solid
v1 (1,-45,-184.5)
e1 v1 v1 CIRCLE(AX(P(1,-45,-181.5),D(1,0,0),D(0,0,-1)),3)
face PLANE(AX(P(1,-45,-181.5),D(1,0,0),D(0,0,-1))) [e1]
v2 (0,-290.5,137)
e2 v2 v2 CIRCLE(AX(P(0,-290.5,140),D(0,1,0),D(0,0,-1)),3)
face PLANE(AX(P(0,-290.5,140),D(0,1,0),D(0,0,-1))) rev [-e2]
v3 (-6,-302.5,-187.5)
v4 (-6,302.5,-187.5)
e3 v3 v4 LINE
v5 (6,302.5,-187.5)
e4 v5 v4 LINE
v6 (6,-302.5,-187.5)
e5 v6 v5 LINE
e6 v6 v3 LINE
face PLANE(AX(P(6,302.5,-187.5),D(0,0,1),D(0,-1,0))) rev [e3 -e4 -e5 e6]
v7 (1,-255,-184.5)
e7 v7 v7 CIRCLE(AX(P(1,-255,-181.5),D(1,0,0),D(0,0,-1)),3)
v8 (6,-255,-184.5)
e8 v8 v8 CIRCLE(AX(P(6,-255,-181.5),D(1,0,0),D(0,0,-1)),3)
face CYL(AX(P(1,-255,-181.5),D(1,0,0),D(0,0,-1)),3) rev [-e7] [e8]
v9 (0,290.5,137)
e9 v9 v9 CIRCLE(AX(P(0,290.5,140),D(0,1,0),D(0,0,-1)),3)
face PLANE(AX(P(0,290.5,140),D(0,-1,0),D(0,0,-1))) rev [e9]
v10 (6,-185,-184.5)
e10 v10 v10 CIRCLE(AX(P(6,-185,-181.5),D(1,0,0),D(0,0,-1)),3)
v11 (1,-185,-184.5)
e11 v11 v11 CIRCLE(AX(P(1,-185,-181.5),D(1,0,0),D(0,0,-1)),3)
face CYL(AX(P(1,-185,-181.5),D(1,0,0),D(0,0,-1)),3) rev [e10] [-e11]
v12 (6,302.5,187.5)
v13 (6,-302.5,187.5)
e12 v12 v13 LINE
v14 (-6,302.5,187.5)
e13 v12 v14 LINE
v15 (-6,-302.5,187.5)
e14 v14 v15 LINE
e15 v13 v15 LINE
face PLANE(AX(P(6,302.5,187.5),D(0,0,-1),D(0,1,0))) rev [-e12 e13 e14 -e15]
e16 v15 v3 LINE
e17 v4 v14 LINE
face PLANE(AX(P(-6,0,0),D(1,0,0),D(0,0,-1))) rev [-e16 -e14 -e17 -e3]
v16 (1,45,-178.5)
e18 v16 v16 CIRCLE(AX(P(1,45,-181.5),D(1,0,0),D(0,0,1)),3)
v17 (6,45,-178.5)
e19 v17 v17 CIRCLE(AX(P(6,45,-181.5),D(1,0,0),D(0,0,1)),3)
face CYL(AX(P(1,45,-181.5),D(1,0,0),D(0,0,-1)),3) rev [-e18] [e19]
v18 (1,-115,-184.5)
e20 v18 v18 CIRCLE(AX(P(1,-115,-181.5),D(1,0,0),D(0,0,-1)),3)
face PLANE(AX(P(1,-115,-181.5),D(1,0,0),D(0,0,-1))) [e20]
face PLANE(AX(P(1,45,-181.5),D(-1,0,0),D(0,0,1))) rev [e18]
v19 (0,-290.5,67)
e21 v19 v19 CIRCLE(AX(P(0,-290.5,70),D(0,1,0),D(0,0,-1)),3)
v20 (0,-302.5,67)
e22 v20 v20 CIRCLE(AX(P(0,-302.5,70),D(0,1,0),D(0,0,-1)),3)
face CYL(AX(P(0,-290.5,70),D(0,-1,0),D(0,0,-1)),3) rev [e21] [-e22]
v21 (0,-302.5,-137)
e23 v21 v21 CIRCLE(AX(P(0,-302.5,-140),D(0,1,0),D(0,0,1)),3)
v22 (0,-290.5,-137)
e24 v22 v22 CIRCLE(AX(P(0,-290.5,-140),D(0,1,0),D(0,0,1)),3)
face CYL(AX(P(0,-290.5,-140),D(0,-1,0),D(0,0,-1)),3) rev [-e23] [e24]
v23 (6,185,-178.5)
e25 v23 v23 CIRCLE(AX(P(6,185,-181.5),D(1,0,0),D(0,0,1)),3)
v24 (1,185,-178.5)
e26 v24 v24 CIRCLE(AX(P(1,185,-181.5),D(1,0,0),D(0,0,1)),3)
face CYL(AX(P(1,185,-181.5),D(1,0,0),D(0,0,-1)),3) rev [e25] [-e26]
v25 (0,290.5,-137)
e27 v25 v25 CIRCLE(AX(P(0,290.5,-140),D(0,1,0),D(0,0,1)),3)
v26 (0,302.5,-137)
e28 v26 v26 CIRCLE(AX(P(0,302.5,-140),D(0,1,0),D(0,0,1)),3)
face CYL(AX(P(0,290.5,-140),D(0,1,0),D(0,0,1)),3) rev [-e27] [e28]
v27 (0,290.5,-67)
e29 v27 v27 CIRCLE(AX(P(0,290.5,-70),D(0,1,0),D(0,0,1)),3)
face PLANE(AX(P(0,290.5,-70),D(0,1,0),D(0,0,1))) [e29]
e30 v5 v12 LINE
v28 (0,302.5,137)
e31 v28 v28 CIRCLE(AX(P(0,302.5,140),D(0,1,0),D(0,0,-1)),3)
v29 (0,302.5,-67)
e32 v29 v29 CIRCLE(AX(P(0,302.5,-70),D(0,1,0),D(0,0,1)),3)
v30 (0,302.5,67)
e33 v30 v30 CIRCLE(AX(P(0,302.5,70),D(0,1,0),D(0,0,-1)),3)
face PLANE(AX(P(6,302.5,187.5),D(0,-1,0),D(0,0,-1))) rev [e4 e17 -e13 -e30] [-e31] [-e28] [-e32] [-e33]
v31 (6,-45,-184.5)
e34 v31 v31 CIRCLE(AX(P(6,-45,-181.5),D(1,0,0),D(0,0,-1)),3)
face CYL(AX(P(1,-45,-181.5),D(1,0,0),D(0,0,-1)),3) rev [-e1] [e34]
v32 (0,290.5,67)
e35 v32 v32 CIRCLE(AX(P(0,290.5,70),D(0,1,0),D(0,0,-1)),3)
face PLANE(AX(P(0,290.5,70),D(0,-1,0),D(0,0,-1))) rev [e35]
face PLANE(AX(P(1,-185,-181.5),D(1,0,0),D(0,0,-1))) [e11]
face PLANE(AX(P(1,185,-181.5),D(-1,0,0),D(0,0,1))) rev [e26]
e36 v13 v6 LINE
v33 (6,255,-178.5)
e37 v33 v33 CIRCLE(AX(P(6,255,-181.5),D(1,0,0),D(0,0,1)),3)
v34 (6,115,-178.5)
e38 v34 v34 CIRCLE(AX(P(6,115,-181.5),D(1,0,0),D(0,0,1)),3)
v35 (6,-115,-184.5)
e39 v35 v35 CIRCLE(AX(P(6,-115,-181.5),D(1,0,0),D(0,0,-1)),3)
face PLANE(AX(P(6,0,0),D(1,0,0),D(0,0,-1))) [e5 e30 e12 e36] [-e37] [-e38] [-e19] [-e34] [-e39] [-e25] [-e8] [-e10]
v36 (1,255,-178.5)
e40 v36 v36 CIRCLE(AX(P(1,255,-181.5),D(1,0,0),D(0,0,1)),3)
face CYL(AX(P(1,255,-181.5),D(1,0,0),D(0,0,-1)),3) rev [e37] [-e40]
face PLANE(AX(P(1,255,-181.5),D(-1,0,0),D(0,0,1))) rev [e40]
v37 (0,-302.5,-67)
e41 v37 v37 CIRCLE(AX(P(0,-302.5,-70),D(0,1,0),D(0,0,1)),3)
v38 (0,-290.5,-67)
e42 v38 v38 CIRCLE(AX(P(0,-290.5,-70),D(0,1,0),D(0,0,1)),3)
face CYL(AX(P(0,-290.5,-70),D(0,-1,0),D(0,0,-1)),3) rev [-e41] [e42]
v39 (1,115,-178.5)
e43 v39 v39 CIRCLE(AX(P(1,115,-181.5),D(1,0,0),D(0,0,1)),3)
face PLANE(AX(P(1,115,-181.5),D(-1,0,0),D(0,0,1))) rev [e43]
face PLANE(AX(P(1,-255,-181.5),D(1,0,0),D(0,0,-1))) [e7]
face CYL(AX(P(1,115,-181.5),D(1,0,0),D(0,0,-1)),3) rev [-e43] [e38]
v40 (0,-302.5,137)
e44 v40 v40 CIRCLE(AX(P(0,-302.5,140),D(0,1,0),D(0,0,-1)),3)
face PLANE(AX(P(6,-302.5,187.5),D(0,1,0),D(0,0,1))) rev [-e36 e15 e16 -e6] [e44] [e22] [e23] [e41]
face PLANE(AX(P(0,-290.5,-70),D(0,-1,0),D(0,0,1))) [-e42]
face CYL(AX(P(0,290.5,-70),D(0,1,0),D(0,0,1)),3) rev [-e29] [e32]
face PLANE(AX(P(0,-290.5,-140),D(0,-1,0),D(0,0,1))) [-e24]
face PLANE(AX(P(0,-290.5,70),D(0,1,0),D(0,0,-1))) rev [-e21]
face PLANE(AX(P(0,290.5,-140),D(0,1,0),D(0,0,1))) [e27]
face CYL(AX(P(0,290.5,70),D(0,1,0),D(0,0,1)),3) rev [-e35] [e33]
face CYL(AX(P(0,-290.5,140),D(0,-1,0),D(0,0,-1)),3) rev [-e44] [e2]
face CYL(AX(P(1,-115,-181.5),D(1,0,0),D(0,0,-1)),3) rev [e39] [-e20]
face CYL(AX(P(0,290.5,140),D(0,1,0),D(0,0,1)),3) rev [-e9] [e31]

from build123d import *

# Parameters (mm, degrees)
CROQUIS2_W              = 375
CROQUIS2_H              = 605
SALIENTE_EXTRUIR1_DEPTH = 6
CROQUIS3_R              = 3
CORTAR_EXTRUIR1_DEPTH   = 12
CROQUIS6_R              = 3
CORTAR_EXTRUIR2_DEPTH   = 5


with BuildPart() as part:
    # Croquis2 → Saliente-Extruir1 (new, symmetric)
    with BuildSketch(Plane(origin=(0, 0, 0), x_dir=(0, 0, -1), z_dir=(1, 0, 0))):
        Rectangle(CROQUIS2_W, CROQUIS2_H)
    extrude(amount=SALIENTE_EXTRUIR1_DEPTH, both=True)

    # Croquis3 → Cortar-Extruir1 (cut)
    with BuildSketch(Plane(origin=(0, 302.5, 0), x_dir=(1, 0, 0), z_dir=(0, 1, 0))):
        with Locations(Location((0, 140, 0), (0, 0, 270))):
            Circle(CROQUIS3_R)
        with Locations(Location((0, 70, 0), (0, 0, 270))):
            Circle(CROQUIS3_R)
        with Locations(Location((0, -70, 0), (0, 0, 90))):
            Circle(CROQUIS3_R)
        with Locations(Location((0, -140, 0), (0, 0, 90))):
            Circle(CROQUIS3_R)
    cortar_extruir1 = extrude(amount=-CORTAR_EXTRUIR1_DEPTH, mode=Mode.SUBTRACT)

    # Simetría1: Cortar-Extruir1 across plane
    add(cortar_extruir1.mirror(Plane.ZX), mode=Mode.SUBTRACT)

    # Croquis6 → Cortar-Extruir2 (cut)
    with BuildSketch(Plane(origin=(6, 0, 0), x_dir=(0, 0, -1), z_dir=(1, 0, 0))):
        with Locations((181.5, -255)):
            Circle(CROQUIS6_R)
        with Locations((181.5, -185)):
            Circle(CROQUIS6_R)
        with Locations((181.5, -115)):
            Circle(CROQUIS6_R)
        with Locations((181.5, -45)):
            Circle(CROQUIS6_R)
        with Locations(Location((181.5, 45, 0), (0, 0, 180))):
            Circle(CROQUIS6_R)
        with Locations(Location((181.5, 115, 0), (0, 0, 180))):
            Circle(CROQUIS6_R)
        with Locations(Location((181.5, 185, 0), (0, 0, 180))):
            Circle(CROQUIS6_R)
        with Locations(Location((181.5, 255, 0), (0, 0, 180))):
            Circle(CROQUIS6_R)
    extrude(amount=-CORTAR_EXTRUIR2_DEPTH, mode=Mode.SUBTRACT)


solid = part.part
